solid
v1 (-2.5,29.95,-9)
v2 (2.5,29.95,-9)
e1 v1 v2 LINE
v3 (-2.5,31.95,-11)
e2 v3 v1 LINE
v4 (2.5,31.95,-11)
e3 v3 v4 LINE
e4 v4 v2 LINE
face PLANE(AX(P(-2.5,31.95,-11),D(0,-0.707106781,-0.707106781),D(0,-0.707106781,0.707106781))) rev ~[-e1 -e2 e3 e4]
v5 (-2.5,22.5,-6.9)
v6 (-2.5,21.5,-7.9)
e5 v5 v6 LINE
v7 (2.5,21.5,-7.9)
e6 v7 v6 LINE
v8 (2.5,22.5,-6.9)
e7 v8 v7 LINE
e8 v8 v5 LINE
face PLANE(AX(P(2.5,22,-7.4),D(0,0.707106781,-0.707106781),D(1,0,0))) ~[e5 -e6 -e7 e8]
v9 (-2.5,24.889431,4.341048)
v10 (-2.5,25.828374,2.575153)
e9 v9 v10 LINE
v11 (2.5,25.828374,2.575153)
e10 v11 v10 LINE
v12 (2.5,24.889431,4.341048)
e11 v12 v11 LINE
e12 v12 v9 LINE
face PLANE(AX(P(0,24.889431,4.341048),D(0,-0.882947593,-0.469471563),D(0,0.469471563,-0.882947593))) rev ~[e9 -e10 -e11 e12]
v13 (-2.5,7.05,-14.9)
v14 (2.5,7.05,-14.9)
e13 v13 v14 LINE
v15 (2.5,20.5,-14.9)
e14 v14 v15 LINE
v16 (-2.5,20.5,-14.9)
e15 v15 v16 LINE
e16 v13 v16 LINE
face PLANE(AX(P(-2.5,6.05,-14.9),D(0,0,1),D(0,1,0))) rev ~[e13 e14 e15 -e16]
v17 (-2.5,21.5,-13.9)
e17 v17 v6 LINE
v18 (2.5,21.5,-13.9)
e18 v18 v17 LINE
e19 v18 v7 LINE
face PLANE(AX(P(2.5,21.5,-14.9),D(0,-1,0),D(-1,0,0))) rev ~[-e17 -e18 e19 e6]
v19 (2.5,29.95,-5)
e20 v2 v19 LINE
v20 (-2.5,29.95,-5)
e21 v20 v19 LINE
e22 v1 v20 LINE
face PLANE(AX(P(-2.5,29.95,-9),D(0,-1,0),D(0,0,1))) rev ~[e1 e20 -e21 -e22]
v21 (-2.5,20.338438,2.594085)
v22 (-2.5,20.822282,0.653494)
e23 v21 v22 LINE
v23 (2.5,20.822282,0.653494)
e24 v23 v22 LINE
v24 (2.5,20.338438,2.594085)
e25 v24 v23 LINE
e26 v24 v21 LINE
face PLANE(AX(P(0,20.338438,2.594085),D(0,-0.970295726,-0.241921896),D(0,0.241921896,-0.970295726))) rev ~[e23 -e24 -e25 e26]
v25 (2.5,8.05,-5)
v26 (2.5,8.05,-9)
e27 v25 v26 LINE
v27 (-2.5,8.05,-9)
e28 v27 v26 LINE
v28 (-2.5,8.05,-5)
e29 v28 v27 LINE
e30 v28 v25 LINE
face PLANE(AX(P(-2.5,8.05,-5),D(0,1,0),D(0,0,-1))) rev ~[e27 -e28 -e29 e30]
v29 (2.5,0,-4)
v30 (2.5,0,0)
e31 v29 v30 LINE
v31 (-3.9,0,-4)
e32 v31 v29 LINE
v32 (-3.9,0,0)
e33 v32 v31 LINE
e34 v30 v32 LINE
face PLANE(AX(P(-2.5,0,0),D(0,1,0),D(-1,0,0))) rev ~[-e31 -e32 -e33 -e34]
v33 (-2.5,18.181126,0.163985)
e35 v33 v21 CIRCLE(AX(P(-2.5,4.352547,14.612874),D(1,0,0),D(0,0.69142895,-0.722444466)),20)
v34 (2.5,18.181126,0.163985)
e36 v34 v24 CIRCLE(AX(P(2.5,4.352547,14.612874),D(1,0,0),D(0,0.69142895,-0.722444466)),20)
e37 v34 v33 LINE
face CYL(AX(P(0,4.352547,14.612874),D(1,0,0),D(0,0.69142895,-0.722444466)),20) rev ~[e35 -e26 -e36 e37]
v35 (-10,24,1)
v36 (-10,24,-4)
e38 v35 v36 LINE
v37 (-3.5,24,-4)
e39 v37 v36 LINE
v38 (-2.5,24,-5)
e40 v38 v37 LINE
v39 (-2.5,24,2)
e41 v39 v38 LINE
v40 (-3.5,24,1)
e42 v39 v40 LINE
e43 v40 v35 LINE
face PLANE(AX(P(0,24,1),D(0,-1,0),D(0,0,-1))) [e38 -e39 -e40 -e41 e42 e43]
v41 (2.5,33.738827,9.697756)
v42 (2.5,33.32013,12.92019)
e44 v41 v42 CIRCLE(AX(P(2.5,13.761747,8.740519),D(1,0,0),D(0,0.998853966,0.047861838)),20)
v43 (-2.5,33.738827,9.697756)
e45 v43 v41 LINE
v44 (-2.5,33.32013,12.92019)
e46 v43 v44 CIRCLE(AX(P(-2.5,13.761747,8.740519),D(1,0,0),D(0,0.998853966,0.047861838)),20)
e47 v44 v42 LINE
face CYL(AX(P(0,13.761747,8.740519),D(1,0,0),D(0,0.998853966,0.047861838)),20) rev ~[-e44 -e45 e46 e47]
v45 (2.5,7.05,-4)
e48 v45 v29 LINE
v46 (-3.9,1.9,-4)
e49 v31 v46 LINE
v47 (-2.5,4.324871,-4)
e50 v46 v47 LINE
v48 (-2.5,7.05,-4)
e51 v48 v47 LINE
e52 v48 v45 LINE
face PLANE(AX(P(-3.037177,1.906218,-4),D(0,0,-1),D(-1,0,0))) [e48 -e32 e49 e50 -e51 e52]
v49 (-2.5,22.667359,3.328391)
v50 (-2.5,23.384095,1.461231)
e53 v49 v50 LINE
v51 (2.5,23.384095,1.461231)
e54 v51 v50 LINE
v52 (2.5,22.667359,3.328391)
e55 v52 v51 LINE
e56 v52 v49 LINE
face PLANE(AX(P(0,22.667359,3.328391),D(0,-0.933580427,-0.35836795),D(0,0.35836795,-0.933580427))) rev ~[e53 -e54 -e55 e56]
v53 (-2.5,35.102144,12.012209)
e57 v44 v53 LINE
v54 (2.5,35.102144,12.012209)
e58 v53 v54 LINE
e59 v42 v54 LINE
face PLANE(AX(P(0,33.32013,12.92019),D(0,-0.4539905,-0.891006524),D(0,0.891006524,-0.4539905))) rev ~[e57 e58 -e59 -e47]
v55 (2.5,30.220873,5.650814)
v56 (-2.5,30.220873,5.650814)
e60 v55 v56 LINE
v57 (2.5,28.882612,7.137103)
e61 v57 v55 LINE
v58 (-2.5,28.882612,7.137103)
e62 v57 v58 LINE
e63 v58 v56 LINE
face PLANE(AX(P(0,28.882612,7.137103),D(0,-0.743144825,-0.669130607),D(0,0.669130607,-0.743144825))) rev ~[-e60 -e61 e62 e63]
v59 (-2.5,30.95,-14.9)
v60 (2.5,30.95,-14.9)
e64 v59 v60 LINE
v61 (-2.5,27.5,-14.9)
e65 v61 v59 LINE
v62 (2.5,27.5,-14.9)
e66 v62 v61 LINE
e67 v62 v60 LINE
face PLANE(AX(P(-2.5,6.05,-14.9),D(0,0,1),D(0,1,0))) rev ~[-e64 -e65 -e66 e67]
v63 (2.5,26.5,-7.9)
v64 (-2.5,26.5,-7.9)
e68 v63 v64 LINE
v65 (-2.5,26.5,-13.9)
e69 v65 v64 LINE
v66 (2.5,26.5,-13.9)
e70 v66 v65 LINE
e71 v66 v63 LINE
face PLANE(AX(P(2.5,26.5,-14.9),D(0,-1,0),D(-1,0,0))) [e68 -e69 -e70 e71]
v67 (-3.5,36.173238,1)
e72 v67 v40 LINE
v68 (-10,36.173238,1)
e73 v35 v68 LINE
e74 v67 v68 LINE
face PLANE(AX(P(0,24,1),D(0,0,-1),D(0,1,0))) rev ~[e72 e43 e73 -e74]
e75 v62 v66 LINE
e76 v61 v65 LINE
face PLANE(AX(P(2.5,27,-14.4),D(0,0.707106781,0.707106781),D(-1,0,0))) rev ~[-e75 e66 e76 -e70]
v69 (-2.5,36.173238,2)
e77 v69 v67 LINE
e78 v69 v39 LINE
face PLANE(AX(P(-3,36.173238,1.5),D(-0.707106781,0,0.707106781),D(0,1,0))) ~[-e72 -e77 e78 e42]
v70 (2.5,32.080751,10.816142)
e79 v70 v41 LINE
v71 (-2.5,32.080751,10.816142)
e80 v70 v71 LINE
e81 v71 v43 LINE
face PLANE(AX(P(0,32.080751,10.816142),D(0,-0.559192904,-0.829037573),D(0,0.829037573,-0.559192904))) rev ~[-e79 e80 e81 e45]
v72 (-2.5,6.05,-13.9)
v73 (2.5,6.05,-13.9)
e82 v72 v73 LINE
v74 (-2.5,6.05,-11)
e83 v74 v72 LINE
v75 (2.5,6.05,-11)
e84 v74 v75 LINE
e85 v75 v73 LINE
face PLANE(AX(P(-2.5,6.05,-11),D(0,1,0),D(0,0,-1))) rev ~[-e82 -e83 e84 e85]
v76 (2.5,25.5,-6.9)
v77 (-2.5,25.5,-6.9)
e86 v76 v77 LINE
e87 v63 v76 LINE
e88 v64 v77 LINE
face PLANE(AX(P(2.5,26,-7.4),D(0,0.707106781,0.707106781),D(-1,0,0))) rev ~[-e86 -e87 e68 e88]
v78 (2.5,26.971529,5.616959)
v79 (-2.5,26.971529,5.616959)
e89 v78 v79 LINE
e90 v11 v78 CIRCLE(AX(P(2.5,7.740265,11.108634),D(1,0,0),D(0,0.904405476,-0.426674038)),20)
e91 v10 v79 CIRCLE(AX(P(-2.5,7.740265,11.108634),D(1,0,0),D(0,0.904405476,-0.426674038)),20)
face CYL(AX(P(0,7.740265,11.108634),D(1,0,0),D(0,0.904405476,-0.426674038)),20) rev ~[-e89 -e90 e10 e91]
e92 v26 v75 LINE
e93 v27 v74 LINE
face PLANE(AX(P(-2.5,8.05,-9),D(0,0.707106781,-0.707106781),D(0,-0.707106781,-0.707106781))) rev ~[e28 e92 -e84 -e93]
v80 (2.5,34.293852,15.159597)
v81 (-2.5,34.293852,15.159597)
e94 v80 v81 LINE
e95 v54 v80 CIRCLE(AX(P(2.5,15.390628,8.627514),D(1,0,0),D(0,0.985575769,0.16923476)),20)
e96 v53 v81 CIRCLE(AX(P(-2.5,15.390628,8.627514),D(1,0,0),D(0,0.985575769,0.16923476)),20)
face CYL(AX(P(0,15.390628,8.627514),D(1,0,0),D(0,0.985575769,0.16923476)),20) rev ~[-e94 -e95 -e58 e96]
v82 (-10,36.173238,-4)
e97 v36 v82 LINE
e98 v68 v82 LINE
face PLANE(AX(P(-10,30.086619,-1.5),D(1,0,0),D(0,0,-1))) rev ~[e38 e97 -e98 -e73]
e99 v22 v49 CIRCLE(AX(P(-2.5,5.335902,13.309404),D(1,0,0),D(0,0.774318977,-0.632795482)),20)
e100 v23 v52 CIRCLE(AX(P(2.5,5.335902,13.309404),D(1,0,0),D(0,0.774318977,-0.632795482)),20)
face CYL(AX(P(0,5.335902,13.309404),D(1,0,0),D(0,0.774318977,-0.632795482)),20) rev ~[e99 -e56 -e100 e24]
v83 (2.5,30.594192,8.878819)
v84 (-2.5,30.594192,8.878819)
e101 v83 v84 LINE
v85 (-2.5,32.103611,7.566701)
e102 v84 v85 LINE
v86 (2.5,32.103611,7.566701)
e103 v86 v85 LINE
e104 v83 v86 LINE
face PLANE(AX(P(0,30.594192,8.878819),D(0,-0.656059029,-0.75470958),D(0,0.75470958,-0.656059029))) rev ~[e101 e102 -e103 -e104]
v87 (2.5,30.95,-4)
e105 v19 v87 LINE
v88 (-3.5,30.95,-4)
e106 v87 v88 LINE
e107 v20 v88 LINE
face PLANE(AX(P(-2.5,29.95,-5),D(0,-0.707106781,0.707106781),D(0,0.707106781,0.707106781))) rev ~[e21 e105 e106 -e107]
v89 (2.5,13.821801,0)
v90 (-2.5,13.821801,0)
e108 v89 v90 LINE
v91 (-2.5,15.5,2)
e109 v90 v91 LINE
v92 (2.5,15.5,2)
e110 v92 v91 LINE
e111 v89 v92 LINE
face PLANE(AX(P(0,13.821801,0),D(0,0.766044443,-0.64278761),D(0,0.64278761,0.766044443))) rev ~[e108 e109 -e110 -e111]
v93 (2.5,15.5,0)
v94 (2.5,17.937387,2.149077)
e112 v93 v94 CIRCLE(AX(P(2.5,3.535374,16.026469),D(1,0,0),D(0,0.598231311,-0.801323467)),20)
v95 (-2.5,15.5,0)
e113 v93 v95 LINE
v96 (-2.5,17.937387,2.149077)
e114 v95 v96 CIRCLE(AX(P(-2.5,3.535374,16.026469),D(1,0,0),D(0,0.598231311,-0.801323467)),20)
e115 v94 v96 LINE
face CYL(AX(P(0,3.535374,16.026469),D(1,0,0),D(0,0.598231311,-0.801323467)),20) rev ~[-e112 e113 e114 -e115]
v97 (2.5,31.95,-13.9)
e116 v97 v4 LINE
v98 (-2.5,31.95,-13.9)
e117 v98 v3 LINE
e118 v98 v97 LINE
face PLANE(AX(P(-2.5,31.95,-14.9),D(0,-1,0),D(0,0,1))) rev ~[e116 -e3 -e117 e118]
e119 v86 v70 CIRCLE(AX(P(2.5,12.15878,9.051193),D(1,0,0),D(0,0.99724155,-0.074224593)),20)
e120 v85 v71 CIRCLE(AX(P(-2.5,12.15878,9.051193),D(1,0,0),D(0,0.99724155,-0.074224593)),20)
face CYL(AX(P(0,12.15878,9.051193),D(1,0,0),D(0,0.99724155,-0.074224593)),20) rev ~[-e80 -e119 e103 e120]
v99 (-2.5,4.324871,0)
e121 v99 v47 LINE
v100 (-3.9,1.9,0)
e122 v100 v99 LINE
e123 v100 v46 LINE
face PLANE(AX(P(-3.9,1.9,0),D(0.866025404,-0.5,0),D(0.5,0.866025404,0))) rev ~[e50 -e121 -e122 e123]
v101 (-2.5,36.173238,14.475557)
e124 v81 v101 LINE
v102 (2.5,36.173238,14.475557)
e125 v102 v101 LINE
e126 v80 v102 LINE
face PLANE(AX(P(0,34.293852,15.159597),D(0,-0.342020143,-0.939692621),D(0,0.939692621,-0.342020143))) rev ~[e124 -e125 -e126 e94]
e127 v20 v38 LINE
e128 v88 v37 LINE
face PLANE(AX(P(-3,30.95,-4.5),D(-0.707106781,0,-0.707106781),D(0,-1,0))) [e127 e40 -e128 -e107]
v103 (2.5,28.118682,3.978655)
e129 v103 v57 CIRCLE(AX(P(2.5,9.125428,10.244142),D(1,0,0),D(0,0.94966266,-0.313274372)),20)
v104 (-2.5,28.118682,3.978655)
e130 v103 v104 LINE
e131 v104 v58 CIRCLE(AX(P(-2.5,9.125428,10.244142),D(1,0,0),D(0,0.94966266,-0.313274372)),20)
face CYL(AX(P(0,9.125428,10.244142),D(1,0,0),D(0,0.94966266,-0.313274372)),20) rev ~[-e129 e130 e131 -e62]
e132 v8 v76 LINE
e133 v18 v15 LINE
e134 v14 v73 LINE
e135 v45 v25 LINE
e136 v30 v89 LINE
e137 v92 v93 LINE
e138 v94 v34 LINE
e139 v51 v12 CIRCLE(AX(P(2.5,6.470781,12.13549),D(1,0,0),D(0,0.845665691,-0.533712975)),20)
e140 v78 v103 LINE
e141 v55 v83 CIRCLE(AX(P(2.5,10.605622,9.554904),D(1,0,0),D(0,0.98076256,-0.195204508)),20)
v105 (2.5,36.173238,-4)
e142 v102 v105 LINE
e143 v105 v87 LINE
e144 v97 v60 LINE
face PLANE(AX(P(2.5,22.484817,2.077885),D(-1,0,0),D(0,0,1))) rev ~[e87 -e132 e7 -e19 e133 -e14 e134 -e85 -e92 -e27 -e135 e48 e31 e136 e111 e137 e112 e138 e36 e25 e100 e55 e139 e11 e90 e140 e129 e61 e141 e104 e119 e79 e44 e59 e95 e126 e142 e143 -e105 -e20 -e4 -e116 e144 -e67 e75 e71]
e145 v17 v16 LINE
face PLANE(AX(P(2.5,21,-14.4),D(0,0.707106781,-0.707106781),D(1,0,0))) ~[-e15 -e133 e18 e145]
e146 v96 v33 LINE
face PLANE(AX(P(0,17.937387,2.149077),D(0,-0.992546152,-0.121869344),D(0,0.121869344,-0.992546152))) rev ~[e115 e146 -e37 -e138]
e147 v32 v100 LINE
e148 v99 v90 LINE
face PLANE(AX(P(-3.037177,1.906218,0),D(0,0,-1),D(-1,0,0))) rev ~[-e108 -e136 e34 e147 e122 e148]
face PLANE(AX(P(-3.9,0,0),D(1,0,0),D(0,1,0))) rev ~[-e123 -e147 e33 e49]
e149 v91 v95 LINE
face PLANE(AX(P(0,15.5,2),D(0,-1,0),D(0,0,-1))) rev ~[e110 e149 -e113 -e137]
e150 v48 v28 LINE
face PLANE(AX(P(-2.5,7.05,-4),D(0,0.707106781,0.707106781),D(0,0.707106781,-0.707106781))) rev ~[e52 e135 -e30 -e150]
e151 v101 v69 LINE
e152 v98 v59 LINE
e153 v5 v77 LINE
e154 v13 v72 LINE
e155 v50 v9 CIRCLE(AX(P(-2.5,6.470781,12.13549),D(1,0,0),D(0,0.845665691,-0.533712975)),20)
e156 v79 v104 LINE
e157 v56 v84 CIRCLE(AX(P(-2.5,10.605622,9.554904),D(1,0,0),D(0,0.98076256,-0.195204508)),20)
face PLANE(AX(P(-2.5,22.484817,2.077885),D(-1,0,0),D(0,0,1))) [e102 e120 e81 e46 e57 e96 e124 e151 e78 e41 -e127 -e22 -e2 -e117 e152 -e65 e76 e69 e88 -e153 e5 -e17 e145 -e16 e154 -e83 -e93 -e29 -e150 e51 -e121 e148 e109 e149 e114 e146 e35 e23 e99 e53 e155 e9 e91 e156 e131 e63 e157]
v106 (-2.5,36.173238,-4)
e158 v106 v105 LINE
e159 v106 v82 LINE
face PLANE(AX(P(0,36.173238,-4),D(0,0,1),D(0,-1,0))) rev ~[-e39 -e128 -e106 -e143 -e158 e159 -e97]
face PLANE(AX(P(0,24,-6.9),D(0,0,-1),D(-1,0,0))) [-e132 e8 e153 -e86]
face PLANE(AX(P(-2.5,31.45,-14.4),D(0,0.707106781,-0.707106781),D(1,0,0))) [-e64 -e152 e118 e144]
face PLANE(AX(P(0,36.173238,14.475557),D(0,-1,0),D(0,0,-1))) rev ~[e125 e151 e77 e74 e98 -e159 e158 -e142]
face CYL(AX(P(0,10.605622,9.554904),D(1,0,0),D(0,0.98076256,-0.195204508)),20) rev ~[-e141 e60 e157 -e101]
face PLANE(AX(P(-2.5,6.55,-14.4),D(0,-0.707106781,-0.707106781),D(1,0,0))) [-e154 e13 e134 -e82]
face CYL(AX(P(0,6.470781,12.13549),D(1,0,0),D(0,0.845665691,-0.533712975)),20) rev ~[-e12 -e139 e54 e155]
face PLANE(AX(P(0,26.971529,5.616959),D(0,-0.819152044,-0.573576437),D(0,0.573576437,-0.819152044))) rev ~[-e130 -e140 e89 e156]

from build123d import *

# Parameters (mm, degrees)
EXTRUDE_1_DEPTH     = 2.5
EXTRUDE_START       = -2.5
EXTRUDE_2_DEPTH     = 5
EXTRUDE_4_DEPTH     = 4
SKETCH_9_W          = 5
SKETCH_9_H          = 5
CUT_EXTRUDE_4_DEPTH = 8
SKETCH_10_W         = 5
SKETCH_10_H         = 12.173237657
EXTRUDE_5_DEPTH     = 10
CHAMFER_2_SIZE      = 1
CHAMFER_3_SIZE      = 1


with BuildPart() as part:
    # 草图1 → 凸台-拉伸1 (new body, symmetric)
    with BuildSketch(Plane(origin=(0, 0, 0), x_dir=(0, 0, -1), z_dir=(1, 0, 0))):
        with BuildLine():
            ThreePointArc((-12.012209006, 35.102143532), (-13.602346238, 34.762025687), (-15.159597133, 34.293852416))
            Line((-15.159597133, 34.293852416), (-14.475556847, 36.173237657))
            Line((-14.475556847, 36.173237657), (0, 36.173237657))
            Line((0, 36.173237657), (4, 36.173237657))
            Line((4, 36.173237657), (4, 0))
            Line((4, 0), (0, 0))
            Line((0, 0), (0, 13.821800738))
            Line((0, 13.821800738), (-2, 15.5))
            Line((-2, 15.5), (0, 15.5))
            ThreePointArc((0, 15.5), (-1.024954416, 16.762412377), (-2.149076967, 17.937386868))
            Line((-2.149076967, 17.937386868), (-0.163984664, 18.181125555))
            ThreePointArc((-0.163984664, 18.181125555), (-1.335148592, 19.30921758), (-2.594085474, 20.338437912))
            Line((-2.594085474, 20.338437912), (-0.653494022, 20.822281703))
            ThreePointArc((-0.653494022, 20.822281703), (-1.953408107, 21.799236122), (-3.32839147, 22.667358991))
            Line((-3.32839147, 22.667358991), (-1.461230617, 23.38409489))
            ThreePointArc((-1.461230617, 23.38409489), (-2.870516133, 24.195347563), (-4.341048143, 24.889431256))
            Line((-4.341048143, 24.889431256), (-2.575152957, 25.828374381))
            ThreePointArc((-2.575152957, 25.828374381), (-4.072800703, 26.4618314), (-5.616959114, 26.971528727))
            Line((-5.616959114, 26.971528727), (-3.978655026, 28.1186816))
            ThreePointArc((-3.978655026, 28.1186816), (-5.542338523, 28.564899578), (-7.13710349, 28.882612127))
            Line((-7.13710349, 28.882612127), (-5.65081384, 30.22087334))
            ThreePointArc((-5.65081384, 30.22087334), (-7.257222169, 30.473200196), (-8.87881942, 30.594191604))
            Line((-8.87881942, 30.594191604), (-7.566701362, 32.103610765))
            ThreePointArc((-7.566701362, 32.103610765), (-9.191886676, 32.158284886), (-10.816141931, 32.080751451))
            Line((-10.816141931, 32.080751451), (-9.697756124, 33.738826596))
            ThreePointArc((-9.697756124, 33.738826596), (-11.317490652, 33.595032918), (-12.920190005, 33.320130484))
            Line((-12.920190005, 33.320130484), (-12.012209006, 35.102143532))
        make_face()
    extrude(amount=EXTRUDE_1_DEPTH, both=True)

    # 草图6 → 凸台-拉伸2 (add)
    with BuildSketch(Plane(origin=(0, 0, 0), x_dir=(0, 0, -1), z_dir=(1, 0, 0)).offset(EXTRUDE_START)):
        Polygon((14.9, 31.95), (11, 31.95), (9, 29.95), (5, 29.95), (4, 30.95), (4, 7.05), (5, 8.05), (9, 8.05), (11, 6.05), (14.9, 6.05), align=None)
    extrude(amount=EXTRUDE_2_DEPTH)

    # 草图8 → 凸台-拉伸4 (add)
    with BuildSketch(Plane.XY):
        Polygon((-2.5, 0), (-3.9, 0), (-3.9, 1.9), (-2.5, 4.324871131), align=None)
    extrude(amount=-EXTRUDE_4_DEPTH)

    # 草图9 → 切除-拉伸4 (cut)
    with BuildSketch(Plane(origin=(0, 0, -14.9), x_dir=(-1, 0, 0), z_dir=(0, 0, -1))):
        with Locations((0, 24)):
            Rectangle(SKETCH_9_W, SKETCH_9_H)
    extrude(amount=-CUT_EXTRUDE_4_DEPTH, mode=Mode.SUBTRACT)

    # 草图10 → 凸台-拉伸5 (add)
    with BuildSketch(Plane(origin=(0, 0, 0), x_dir=(0, 0, -1), z_dir=(1, 0, 0))):
        with Locations((1.5, 30.086618829)):
            Rectangle(SKETCH_10_W, SKETCH_10_H)
    extrude(amount=-EXTRUDE_5_DEPTH)

    # 倒角2
    chamfer_2_edges = [part.edges().sort_by_distance(p)[0] for p in [
        (0, 26.5, -14.9),
        (0, 21.5, -6.9),
        (0, 26.5, -6.9),
        (0, 21.5, -14.9),
        (0, 6.05, -14.9),
        (0, 31.95, -14.9),
    ]]
    chamfer(chamfer_2_edges, length=CHAMFER_2_SIZE)

    # 倒角3
    chamfer_3_edges = [part.edges().sort_by_distance(p)[0] for p in [
        (-2.5, 30.086618829, 1),
        (-2.5, 27.475, -4),
    ]]
    chamfer(chamfer_3_edges, length=CHAMFER_3_SIZE)


solid = part.part
